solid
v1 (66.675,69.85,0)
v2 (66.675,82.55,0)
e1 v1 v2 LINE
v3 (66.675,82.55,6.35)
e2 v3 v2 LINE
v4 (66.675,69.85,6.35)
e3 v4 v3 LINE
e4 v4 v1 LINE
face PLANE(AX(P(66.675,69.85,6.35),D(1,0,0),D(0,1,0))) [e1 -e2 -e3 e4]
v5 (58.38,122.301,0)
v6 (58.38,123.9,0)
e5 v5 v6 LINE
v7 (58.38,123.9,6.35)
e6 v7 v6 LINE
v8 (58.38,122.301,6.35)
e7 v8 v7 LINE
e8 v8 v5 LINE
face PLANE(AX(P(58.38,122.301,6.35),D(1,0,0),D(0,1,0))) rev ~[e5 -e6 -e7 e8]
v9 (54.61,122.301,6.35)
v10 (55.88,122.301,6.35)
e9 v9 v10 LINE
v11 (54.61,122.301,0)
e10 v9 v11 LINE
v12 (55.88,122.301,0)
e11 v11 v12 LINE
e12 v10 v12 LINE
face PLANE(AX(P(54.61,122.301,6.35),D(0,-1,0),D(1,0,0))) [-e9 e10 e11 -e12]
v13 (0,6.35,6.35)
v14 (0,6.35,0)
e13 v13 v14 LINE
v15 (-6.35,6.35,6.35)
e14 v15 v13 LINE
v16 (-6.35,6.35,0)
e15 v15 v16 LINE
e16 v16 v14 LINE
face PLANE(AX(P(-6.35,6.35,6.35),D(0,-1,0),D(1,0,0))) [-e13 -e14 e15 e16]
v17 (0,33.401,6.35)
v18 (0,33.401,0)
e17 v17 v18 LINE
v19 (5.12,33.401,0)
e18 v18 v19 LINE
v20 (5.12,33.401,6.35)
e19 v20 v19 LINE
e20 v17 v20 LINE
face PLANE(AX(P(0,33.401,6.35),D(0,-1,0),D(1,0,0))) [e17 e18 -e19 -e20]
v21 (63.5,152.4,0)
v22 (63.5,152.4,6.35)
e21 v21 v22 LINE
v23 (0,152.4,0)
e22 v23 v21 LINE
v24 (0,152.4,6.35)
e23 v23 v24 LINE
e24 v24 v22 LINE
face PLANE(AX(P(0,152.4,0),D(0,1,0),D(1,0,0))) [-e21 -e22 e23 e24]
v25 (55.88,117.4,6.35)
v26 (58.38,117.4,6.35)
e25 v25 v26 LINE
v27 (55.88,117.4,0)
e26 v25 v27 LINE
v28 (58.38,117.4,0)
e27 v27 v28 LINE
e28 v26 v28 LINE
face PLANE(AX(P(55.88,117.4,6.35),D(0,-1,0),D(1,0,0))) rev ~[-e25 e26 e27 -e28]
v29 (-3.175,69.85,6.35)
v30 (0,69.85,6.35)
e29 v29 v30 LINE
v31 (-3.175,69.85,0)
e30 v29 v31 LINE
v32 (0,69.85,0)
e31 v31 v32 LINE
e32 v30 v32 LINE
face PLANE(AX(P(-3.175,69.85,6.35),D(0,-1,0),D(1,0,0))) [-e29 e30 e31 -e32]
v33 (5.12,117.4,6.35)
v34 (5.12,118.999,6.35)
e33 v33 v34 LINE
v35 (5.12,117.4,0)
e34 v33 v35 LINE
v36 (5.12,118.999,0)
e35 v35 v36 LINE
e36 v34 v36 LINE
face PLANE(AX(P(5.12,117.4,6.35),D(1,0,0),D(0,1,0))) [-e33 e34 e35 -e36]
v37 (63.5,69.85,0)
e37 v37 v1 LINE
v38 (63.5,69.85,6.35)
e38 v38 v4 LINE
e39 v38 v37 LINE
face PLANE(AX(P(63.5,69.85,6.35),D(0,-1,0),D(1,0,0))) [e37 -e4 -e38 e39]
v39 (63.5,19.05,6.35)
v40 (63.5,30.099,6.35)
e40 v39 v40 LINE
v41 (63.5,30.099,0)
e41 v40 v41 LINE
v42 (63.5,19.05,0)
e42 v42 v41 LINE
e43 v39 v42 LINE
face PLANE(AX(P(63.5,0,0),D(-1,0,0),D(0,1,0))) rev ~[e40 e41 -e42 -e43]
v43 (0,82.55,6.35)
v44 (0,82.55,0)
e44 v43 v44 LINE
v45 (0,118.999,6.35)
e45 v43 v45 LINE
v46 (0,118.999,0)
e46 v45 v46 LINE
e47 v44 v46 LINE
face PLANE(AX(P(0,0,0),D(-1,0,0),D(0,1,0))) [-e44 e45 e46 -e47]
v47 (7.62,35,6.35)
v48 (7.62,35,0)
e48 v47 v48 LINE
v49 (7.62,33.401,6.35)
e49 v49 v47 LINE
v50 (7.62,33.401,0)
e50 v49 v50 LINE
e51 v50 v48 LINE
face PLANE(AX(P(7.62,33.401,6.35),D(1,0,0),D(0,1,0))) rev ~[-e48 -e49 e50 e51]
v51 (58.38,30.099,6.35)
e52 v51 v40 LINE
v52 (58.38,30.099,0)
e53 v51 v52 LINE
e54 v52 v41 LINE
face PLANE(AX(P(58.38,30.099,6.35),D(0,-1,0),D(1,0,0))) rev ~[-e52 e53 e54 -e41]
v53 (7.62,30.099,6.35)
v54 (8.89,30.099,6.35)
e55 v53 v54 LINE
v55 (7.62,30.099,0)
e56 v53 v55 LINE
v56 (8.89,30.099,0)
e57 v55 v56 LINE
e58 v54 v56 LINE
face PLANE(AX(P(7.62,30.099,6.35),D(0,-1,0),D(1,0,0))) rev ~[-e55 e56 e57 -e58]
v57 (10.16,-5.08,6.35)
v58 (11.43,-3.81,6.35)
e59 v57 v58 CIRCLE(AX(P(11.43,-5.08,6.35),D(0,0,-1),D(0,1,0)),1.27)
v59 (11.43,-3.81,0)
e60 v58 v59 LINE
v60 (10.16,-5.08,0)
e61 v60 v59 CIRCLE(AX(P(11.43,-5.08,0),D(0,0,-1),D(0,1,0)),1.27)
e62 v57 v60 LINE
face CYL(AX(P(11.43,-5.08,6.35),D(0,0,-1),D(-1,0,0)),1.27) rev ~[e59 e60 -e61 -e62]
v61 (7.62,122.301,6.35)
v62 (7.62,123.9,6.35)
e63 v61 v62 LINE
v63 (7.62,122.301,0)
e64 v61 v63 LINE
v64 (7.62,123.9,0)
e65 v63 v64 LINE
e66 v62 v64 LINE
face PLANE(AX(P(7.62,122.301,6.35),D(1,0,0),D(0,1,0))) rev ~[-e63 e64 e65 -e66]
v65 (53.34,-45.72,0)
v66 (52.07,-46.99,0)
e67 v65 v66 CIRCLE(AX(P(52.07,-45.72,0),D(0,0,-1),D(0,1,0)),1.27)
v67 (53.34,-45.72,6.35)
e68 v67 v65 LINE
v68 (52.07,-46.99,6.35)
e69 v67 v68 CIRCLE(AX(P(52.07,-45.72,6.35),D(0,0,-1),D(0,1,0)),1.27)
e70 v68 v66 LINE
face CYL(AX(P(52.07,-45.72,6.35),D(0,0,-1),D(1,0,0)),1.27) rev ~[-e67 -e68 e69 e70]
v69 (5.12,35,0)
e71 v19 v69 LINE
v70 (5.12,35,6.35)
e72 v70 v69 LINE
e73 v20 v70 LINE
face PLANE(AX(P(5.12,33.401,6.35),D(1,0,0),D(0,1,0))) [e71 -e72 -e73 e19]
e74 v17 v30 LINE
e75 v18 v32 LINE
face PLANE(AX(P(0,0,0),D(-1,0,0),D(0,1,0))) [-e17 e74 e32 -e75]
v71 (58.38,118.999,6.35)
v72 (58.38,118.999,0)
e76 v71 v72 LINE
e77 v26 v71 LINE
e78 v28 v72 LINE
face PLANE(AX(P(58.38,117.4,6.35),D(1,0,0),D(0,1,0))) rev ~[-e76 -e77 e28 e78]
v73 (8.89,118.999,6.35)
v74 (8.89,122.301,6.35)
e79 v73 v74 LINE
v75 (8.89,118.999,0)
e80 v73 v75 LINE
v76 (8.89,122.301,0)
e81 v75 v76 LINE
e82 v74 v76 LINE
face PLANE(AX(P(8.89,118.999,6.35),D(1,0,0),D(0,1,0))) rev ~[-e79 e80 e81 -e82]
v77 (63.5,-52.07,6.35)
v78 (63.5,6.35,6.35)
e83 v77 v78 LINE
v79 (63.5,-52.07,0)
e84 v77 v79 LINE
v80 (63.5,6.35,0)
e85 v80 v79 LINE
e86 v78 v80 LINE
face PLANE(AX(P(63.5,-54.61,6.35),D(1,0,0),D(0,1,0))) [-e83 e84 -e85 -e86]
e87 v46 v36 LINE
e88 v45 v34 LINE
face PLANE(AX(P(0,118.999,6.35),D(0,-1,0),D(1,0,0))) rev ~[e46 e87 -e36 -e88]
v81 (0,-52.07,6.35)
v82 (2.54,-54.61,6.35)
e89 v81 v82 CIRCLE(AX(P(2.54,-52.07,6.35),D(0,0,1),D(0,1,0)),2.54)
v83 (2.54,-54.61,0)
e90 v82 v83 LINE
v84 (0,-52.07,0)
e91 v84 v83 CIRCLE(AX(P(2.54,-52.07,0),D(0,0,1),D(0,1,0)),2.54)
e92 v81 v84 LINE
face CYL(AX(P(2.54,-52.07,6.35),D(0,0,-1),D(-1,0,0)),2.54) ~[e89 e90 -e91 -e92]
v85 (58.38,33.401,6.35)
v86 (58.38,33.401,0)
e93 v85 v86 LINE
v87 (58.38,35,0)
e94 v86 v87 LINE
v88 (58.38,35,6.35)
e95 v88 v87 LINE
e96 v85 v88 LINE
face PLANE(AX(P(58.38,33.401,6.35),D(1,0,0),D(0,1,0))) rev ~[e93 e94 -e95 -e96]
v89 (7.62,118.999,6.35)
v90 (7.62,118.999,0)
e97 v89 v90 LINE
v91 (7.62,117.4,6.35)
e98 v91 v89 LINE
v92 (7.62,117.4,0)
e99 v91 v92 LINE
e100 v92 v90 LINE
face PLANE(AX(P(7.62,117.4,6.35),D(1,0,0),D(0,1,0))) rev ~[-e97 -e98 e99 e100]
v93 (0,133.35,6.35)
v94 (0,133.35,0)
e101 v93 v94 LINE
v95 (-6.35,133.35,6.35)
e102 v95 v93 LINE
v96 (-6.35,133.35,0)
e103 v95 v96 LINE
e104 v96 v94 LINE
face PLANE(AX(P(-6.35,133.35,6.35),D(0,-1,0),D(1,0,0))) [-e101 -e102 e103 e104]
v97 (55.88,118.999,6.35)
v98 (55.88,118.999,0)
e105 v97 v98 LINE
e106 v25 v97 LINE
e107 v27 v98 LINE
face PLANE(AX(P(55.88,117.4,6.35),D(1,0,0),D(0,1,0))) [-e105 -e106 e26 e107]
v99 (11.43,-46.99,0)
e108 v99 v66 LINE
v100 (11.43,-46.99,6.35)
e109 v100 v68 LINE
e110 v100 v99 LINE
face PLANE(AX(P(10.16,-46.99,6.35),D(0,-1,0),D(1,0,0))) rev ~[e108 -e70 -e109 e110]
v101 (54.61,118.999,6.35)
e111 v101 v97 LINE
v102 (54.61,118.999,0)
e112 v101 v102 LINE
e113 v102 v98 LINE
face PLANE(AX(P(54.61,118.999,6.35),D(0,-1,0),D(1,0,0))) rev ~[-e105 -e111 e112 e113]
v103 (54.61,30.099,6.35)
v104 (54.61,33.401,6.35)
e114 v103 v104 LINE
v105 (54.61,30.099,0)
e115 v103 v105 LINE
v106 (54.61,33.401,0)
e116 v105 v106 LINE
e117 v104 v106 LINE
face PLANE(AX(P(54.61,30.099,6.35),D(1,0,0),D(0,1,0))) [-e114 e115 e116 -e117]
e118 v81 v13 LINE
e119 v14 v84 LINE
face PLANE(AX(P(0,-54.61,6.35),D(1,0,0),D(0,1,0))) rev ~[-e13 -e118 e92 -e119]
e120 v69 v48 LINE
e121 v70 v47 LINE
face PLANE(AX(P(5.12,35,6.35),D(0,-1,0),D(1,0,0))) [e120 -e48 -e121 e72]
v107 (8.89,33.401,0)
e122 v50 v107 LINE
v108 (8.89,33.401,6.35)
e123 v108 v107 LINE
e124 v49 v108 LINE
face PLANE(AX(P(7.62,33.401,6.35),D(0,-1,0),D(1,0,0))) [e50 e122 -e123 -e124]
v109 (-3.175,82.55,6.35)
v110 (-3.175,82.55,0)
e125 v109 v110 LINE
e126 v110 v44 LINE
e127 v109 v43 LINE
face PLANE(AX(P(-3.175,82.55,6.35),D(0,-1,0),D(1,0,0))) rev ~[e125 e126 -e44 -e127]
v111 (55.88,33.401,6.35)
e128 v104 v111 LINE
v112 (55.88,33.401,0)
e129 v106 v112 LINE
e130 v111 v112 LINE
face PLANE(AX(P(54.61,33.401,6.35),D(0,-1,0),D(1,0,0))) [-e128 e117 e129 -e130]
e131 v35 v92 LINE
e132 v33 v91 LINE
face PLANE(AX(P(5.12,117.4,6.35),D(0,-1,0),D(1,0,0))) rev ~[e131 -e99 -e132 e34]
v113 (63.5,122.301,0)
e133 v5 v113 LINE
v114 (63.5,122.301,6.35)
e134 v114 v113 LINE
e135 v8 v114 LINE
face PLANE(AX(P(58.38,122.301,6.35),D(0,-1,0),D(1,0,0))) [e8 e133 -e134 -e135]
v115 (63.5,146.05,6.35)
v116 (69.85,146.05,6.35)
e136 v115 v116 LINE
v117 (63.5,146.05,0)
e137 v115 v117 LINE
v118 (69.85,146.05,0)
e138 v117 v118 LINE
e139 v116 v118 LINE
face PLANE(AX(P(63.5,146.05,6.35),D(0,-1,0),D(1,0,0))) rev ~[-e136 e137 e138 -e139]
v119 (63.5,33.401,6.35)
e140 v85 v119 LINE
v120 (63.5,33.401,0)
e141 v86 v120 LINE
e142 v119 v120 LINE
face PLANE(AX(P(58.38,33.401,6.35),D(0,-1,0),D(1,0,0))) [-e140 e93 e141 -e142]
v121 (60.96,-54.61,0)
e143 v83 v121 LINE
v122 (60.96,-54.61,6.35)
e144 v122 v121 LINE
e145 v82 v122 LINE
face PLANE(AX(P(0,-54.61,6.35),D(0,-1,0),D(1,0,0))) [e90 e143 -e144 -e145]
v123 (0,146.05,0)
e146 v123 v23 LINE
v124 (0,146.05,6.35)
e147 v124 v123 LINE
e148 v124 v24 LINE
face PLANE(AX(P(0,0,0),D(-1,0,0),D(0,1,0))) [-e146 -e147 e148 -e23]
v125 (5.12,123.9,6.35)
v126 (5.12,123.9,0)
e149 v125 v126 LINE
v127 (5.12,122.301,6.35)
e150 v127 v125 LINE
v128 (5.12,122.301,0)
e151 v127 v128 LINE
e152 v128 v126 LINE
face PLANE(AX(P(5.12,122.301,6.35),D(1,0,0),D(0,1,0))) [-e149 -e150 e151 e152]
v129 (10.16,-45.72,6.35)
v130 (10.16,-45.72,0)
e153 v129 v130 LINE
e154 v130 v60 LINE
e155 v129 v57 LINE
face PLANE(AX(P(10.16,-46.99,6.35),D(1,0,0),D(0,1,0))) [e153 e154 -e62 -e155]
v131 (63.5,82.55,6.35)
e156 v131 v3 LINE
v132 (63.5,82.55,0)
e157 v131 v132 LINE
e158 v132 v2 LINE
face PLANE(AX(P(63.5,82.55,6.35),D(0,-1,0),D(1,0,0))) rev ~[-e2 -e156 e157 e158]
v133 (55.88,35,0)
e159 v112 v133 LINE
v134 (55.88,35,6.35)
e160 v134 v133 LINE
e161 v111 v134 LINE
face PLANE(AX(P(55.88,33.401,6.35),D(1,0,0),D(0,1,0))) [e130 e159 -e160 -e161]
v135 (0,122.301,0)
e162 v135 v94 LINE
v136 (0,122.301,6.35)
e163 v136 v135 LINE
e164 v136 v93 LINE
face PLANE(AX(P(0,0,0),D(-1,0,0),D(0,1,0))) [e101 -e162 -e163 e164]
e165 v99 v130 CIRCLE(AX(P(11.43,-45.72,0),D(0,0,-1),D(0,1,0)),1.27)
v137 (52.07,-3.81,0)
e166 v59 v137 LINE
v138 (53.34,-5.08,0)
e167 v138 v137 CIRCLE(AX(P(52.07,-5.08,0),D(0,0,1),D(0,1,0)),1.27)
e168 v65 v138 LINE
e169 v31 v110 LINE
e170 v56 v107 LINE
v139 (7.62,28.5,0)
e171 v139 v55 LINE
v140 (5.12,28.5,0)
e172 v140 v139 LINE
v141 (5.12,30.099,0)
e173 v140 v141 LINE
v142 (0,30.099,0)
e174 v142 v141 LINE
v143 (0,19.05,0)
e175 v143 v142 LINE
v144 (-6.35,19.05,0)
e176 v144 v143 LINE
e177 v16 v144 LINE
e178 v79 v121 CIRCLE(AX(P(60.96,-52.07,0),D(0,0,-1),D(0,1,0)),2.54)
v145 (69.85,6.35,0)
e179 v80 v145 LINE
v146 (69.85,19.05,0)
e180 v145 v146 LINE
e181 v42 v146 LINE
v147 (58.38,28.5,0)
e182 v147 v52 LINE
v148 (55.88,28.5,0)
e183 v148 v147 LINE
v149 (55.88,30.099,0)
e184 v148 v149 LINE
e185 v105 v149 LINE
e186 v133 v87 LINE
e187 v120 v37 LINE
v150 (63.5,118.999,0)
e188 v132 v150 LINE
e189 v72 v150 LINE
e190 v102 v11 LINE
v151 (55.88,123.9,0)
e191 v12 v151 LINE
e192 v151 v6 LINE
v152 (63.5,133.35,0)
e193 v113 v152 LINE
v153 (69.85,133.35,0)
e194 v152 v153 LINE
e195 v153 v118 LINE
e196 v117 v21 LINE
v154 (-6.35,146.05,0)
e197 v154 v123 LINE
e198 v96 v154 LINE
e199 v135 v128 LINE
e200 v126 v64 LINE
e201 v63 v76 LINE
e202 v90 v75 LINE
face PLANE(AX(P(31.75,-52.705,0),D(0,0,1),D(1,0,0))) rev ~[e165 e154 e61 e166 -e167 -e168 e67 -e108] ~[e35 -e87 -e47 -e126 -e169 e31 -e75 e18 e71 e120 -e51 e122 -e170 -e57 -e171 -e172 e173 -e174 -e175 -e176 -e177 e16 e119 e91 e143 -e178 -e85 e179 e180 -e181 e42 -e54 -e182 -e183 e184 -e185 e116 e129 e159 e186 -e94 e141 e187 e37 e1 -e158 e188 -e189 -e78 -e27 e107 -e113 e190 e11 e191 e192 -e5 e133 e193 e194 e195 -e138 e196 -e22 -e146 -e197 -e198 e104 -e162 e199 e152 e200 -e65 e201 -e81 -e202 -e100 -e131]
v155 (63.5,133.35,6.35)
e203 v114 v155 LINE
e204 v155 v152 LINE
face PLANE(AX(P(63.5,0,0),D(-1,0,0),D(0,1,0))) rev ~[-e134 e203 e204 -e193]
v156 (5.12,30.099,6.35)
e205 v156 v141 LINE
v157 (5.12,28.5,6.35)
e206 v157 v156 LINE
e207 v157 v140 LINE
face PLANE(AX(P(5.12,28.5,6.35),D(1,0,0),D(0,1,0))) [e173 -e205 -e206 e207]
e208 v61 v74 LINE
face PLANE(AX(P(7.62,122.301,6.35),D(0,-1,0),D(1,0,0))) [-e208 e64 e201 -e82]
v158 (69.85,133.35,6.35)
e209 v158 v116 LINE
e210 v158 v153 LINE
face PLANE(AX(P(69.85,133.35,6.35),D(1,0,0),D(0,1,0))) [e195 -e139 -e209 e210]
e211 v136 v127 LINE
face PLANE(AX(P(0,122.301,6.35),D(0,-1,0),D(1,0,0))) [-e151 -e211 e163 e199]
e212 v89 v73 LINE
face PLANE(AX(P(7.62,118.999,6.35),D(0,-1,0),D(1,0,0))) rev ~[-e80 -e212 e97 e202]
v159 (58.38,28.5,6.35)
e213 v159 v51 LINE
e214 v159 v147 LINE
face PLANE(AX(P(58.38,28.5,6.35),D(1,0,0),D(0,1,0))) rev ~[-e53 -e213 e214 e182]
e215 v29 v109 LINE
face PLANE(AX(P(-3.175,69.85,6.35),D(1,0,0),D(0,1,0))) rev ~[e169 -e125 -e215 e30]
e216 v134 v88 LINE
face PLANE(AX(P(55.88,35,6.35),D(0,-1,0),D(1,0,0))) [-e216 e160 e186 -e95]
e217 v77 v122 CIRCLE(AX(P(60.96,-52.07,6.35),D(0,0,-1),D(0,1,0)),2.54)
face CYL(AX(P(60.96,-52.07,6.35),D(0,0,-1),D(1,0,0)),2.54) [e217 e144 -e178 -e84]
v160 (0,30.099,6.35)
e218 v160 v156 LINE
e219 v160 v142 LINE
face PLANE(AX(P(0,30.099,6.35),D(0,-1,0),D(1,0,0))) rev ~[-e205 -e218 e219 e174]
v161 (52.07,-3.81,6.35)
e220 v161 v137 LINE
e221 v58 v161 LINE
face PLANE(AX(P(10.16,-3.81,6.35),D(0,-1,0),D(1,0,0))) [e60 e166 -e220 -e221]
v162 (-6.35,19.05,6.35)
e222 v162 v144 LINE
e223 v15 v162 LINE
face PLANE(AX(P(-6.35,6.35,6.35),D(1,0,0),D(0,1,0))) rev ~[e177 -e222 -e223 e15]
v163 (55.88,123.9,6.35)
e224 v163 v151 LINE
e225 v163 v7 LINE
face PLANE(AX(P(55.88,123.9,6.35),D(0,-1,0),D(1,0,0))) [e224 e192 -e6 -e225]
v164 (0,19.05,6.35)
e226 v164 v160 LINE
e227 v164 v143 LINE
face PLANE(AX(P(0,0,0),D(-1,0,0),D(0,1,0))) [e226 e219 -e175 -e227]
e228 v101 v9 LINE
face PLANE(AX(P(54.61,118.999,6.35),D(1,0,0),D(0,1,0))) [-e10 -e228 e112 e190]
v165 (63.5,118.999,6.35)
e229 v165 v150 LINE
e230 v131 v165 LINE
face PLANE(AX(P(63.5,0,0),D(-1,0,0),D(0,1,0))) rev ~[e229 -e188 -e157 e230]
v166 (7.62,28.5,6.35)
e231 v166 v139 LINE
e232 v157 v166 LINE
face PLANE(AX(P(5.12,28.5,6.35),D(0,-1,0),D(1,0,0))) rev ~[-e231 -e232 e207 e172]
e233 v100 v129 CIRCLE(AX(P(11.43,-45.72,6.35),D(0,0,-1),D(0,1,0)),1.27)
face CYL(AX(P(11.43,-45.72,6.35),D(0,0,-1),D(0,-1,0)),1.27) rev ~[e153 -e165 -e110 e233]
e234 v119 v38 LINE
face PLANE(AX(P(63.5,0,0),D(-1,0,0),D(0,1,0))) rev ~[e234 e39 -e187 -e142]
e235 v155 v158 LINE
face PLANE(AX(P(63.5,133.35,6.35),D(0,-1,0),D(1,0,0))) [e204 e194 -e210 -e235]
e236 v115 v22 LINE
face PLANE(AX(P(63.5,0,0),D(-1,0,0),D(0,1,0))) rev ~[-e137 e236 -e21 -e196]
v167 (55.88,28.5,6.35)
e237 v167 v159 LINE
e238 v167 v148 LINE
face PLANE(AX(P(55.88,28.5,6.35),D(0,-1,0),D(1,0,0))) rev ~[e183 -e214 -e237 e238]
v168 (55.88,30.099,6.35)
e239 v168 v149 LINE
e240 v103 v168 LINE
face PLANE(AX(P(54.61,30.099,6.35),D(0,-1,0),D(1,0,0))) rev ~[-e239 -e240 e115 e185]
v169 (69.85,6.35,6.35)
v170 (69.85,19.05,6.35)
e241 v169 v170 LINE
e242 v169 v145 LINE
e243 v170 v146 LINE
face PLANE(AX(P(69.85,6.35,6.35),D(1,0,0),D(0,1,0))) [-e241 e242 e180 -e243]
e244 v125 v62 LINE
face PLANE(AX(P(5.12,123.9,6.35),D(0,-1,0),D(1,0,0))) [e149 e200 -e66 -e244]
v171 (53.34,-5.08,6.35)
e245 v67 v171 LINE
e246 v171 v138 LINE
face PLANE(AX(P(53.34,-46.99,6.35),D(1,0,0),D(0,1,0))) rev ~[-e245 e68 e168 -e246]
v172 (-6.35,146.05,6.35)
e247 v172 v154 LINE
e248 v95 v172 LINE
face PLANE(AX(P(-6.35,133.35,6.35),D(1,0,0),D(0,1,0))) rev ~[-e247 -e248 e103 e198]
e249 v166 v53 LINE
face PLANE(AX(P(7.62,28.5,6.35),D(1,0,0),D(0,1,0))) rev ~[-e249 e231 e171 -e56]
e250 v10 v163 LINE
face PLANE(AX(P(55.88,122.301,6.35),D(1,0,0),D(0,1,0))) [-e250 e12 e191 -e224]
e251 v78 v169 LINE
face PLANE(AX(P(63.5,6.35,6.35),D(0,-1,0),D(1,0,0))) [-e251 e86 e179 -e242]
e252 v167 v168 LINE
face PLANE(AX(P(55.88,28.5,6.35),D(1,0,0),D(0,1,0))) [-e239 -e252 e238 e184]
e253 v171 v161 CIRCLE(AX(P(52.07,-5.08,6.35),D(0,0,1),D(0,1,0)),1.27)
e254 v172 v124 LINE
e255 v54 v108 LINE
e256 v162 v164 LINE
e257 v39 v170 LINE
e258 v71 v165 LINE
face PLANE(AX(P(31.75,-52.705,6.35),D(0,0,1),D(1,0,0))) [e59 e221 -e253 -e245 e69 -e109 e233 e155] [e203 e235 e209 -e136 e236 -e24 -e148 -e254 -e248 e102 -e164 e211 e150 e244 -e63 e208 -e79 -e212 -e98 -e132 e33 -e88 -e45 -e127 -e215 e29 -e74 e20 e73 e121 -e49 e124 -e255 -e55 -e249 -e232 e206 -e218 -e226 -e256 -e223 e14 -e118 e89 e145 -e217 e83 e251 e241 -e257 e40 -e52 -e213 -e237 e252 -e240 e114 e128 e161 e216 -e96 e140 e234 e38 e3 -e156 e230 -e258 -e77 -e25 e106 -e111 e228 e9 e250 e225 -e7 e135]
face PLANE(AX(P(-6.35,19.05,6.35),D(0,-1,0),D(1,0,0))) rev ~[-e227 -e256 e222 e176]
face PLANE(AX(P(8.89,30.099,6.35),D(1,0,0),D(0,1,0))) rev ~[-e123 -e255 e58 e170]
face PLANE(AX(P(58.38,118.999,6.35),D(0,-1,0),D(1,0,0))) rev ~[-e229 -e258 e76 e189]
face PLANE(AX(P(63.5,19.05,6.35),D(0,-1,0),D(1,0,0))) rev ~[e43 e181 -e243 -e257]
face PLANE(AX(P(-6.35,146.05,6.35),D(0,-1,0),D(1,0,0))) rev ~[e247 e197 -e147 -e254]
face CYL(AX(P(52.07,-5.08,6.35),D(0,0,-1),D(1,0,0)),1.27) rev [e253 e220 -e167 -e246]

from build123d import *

# Parameters (mm, degrees)
SKETCH1_W           = 63.5
SKETCH1_H           = 152.4
BOSS_EXTRUDE1_DEPTH = 6.35
SKETCH2_W           = 3.175
SKETCH2_H           = 12.7
SKETCH2_W_2         = 6.35
BOSS_EXTRUDE3_DEPTH = 6.35
SKETCH4_W           = 8.89
SKETCH4_H           = 3.302
SKETCH4_W_2         = 2.5
SKETCH4_H_2         = 6.5
CUT_EXTRUDE4_DEPTH  = 6.35
SKETCH5_W           = 63.5
SKETCH5_H           = 50.8
SKETCH5_W_2         = 43.18
SKETCH5_H_2         = 43.18
BOSS_EXTRUDE4_DEPTH = 6.35
SKETCH7_W           = 63.5
SKETCH7_H           = 3.81
BOSS_EXTRUDE5_DEPTH = 6.35
FILLET1_R           = 2.54
FILLET2_R           = 1.27


with BuildPart() as part:
    # Sketch1 → Boss-Extrude1 (new body)
    with BuildSketch(Plane.XY):
        with Locations((31.75, 76.2)):
            Rectangle(SKETCH1_W, SKETCH1_H)
    extrude(amount=BOSS_EXTRUDE1_DEPTH)

    # Sketch2 → Boss-Extrude3 (add)
    with BuildSketch(Plane.XY.offset(6.35)):
        with Locations((-1.5875, 76.2)):
            Rectangle(SKETCH2_W, SKETCH2_H)
        with Locations((66.675, 139.7)):
            Rectangle(SKETCH2_W_2, SKETCH2_H)
        with Locations((65.0875, 76.2)):
            Rectangle(SKETCH2_W, SKETCH2_H)
        with Locations((66.675, 12.7)):
            Rectangle(SKETCH2_W_2, SKETCH2_H)
        with Locations((-3.175, 12.7)):
            Rectangle(SKETCH2_W_2, SKETCH2_H)
        with Locations((-3.175, 139.7)):
            Rectangle(SKETCH2_W_2, SKETCH2_H)
    extrude(amount=-BOSS_EXTRUDE3_DEPTH)

    # Sketch4 → Cut-Extrude4 (cut)
    with BuildSketch(Plane.XY.offset(6.35)):
        with Locations((4.445, 120.65)):
            Rectangle(SKETCH4_W, SKETCH4_H)
        with Locations((6.37, 120.65)):
            Rectangle(SKETCH4_W_2, SKETCH4_H_2)
        with Locations((6.37, 31.75)):
            Rectangle(SKETCH4_W_2, SKETCH4_H_2)
        with Locations((4.445, 31.75)):
            Rectangle(SKETCH4_W, SKETCH4_H)
        with Locations((59.055, 31.75)):
            Rectangle(SKETCH4_W, SKETCH4_H)
        with Locations((57.13, 31.75)):
            Rectangle(SKETCH4_W_2, SKETCH4_H_2)
        with Locations((57.13, 120.65)):
            Rectangle(SKETCH4_W_2, SKETCH4_H_2)
        with Locations((59.055, 120.65)):
            Rectangle(SKETCH4_W, SKETCH4_H)
    extrude(amount=-CUT_EXTRUDE4_DEPTH, mode=Mode.SUBTRACT)

    # Sketch5 → Boss-Extrude4 (add)
    with BuildSketch(Plane.XY.offset(6.35)):
        with Locations((31.75, -25.4)):
            Rectangle(SKETCH5_W, SKETCH5_H)
        with Locations((31.75, -25.4)):
            Rectangle(SKETCH5_W_2, SKETCH5_H_2, mode=Mode.SUBTRACT)
    extrude(amount=-BOSS_EXTRUDE4_DEPTH)

    # Sketch7 → Boss-Extrude5 (add)
    with BuildSketch(Plane.XY.offset(6.35)):
        with Locations((31.75, -52.705)):
            Rectangle(SKETCH7_W, SKETCH7_H)
    extrude(amount=-BOSS_EXTRUDE5_DEPTH)

    # Fillet1
    fillet1_edges = [part.edges().sort_by_distance(p)[0] for p in [
        (63.5, -54.61, 3.175),
        (0, -54.61, 3.175),
    ]]
    fillet(fillet1_edges, radius=FILLET1_R)

    # Fillet2
    fillet2_edges = [part.edges().sort_by_distance(p)[0] for p in [
        (53.34, -46.99, 3.175),
        (10.16, -46.99, 3.175),
        (10.16, -3.81, 3.175),
        (53.34, -3.81, 3.175),
    ]]
    fillet(fillet2_edges, radius=FILLET2_R)


solid = part.part
